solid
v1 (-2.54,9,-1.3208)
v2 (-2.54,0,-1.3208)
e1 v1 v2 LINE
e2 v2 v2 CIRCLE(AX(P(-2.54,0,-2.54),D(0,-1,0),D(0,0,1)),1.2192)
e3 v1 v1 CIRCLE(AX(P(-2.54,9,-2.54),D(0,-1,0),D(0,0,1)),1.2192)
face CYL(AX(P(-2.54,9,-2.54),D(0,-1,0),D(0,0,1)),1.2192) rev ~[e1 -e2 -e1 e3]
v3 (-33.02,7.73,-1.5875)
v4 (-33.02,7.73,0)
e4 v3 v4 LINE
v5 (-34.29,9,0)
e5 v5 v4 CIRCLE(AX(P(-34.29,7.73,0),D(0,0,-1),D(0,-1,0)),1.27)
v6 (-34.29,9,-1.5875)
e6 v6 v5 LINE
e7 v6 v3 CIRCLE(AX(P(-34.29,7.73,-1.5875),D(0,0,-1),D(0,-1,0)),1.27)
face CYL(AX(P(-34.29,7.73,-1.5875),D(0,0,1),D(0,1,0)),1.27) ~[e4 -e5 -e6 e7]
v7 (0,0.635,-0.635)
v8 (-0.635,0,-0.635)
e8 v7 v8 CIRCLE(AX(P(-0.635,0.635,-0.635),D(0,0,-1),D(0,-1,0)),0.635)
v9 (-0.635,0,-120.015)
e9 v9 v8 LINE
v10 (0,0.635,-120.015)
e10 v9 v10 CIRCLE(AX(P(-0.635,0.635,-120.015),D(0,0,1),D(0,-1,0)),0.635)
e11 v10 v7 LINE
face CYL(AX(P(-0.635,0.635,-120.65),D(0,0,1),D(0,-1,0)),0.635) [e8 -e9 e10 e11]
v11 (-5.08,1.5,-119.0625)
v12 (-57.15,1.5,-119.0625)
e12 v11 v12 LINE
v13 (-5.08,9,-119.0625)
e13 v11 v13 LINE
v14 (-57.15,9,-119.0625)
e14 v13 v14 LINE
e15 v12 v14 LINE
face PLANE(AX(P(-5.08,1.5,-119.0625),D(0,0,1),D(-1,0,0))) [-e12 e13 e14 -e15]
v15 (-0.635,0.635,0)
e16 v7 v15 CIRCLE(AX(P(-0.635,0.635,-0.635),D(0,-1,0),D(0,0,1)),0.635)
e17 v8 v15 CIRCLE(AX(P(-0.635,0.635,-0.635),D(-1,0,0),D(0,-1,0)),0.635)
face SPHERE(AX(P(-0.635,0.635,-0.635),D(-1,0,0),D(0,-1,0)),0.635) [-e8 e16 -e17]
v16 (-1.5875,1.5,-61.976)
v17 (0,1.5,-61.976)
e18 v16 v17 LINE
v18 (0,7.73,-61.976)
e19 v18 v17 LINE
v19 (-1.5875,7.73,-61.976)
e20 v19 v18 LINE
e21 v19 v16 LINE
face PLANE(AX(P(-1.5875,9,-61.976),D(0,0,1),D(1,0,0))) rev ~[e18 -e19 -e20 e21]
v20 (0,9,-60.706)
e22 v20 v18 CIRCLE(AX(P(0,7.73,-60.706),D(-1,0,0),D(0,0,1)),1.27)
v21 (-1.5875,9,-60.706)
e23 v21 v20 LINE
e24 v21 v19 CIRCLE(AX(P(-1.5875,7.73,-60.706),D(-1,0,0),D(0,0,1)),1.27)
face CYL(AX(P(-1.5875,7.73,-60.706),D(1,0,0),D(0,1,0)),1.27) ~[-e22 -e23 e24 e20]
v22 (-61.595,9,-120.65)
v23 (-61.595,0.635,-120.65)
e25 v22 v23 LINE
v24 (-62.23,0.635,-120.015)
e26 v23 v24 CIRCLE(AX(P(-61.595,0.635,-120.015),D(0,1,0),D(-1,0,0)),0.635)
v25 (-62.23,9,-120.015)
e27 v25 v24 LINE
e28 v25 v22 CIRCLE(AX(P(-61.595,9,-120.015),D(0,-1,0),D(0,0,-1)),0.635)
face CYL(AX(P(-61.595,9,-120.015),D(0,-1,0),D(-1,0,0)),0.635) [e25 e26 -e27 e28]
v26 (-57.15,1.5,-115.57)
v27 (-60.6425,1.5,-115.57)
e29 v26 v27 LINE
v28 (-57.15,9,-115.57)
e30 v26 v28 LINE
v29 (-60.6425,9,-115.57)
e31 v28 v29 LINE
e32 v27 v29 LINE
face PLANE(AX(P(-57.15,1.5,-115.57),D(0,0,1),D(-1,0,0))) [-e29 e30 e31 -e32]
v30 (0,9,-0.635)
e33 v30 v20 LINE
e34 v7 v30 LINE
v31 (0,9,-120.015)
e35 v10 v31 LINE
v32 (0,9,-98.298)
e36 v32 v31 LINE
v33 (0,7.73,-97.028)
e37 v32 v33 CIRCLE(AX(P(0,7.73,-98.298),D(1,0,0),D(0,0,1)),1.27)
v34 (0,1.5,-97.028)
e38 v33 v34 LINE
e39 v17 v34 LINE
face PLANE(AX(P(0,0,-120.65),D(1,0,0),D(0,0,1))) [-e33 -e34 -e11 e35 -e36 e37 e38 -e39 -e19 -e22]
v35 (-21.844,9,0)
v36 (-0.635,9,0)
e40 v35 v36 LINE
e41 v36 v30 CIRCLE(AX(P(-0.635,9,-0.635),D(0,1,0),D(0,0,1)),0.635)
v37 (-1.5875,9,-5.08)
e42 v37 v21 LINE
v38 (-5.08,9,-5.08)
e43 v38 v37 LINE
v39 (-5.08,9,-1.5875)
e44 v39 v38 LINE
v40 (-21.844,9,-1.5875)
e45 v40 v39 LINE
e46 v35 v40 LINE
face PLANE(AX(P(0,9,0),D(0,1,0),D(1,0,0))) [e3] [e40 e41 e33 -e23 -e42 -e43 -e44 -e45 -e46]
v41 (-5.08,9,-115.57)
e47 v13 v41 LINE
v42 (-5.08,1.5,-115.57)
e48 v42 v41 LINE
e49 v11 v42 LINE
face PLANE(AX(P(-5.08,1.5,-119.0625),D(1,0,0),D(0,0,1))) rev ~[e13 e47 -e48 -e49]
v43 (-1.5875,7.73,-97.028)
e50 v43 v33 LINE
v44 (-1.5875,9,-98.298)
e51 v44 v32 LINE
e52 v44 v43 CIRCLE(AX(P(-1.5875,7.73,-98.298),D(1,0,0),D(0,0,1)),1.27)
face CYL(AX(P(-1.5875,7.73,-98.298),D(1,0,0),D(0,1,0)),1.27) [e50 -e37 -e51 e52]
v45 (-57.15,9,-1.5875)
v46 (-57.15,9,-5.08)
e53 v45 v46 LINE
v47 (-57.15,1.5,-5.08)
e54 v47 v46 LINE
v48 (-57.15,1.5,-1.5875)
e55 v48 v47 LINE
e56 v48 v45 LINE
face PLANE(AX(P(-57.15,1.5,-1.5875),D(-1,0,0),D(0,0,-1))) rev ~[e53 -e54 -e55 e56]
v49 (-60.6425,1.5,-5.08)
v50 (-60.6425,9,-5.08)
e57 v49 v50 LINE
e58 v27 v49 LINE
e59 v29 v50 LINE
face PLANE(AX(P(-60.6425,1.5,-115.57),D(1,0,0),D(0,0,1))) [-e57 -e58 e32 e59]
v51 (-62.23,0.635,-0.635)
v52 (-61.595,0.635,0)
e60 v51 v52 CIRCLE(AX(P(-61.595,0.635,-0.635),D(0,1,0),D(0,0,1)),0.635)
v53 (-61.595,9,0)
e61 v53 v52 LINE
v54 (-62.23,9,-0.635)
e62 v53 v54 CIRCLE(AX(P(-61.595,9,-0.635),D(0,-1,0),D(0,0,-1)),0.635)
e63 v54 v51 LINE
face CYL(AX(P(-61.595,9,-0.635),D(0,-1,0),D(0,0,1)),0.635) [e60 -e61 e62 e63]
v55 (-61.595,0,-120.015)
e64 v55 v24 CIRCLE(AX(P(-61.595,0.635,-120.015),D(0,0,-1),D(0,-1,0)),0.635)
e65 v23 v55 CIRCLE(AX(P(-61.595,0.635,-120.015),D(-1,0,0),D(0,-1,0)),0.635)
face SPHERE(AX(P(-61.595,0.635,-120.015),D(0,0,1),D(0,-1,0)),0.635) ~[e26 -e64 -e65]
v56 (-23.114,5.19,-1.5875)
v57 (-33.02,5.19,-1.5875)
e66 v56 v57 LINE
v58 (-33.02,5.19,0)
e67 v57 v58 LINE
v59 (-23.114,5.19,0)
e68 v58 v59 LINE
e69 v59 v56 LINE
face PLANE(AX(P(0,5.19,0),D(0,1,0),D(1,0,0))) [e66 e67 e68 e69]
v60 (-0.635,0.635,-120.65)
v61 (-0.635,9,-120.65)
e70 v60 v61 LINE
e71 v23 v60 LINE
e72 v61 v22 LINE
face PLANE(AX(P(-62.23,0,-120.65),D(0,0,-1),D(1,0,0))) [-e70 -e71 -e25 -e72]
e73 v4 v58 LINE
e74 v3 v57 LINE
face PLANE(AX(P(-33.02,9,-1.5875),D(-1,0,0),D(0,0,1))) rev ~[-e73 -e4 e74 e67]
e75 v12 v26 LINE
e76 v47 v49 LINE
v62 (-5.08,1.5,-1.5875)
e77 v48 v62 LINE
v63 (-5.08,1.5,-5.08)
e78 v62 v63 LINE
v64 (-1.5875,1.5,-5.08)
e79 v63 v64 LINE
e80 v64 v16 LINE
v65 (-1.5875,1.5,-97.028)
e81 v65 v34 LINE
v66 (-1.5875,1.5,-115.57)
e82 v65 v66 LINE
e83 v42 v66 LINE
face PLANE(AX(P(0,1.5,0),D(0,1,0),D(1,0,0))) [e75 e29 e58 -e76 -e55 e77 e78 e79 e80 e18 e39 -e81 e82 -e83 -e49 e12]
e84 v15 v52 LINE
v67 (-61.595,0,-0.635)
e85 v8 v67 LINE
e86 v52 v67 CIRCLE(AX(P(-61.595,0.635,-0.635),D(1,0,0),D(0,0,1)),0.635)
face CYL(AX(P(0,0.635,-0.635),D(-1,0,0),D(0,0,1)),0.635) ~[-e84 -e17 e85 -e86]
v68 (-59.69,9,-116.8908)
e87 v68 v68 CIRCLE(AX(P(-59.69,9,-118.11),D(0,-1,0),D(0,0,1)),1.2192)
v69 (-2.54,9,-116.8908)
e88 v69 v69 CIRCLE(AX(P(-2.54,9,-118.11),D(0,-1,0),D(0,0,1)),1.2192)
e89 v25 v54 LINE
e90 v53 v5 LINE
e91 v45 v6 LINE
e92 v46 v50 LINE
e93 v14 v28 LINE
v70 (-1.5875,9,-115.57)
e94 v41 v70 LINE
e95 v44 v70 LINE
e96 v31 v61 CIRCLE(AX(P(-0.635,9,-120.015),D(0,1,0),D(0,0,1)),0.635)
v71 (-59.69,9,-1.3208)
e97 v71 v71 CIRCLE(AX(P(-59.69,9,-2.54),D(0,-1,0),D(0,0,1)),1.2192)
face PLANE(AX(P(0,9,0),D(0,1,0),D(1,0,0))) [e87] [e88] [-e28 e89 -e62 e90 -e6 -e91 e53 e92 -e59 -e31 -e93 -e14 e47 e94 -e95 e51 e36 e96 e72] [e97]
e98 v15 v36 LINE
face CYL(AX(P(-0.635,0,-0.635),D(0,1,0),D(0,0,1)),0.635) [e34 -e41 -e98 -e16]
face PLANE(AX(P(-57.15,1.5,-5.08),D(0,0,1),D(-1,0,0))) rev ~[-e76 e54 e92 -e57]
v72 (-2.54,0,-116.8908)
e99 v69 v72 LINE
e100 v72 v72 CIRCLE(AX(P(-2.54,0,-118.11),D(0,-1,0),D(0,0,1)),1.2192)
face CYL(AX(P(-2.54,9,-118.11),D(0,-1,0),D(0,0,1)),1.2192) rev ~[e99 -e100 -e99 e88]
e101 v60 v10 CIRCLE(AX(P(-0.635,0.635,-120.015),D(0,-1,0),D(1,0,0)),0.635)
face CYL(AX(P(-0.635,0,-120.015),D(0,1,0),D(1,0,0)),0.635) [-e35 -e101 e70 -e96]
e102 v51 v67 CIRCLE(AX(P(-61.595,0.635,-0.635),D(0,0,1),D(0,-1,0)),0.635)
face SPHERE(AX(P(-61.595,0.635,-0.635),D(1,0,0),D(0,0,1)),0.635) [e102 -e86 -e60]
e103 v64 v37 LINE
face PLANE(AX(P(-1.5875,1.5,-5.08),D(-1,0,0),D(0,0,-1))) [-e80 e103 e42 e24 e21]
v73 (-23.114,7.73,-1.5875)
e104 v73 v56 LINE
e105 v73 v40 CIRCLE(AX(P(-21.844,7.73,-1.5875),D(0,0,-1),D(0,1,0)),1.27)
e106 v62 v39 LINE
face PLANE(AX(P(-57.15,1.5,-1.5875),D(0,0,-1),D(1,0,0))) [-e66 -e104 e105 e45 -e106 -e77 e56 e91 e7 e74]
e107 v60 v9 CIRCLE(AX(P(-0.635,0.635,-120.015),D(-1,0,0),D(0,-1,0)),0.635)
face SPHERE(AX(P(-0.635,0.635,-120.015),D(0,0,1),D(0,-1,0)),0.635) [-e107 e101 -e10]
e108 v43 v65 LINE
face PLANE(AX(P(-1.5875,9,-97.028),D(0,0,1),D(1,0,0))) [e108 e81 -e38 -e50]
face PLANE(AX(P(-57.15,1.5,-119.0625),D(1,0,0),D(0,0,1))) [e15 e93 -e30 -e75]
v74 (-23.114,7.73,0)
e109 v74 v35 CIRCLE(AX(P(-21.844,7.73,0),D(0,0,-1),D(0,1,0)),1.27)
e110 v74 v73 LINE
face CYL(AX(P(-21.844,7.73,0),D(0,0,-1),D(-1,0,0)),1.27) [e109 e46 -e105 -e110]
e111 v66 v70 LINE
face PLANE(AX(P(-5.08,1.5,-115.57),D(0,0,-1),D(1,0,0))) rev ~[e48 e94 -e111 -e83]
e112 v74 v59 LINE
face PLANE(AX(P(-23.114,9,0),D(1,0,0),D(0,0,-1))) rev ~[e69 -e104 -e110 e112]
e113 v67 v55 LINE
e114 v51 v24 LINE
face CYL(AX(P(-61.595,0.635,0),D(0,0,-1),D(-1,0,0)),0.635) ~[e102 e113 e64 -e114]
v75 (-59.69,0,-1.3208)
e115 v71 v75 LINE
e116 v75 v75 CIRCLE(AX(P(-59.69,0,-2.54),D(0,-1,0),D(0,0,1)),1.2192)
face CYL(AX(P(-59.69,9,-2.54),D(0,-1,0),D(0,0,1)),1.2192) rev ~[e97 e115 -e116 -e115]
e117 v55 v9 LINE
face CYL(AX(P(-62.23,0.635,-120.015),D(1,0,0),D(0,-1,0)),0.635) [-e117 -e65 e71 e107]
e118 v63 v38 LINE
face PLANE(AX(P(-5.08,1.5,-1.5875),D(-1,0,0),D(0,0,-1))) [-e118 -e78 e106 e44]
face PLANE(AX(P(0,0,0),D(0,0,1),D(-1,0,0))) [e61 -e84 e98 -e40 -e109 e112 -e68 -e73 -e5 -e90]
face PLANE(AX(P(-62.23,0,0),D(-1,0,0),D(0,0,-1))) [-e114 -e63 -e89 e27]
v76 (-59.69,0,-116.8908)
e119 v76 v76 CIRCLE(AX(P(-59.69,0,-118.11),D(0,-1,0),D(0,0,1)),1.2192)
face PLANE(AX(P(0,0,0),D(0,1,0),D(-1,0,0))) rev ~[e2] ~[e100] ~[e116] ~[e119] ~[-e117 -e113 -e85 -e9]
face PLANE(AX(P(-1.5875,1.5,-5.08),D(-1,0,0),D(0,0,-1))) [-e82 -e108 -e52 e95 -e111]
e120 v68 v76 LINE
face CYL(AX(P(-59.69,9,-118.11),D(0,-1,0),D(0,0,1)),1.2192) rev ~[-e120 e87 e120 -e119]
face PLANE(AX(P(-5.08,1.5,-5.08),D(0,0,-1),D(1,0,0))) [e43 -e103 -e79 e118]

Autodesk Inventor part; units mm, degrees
ref_plane "YZ Plane" through (0, 0, 0) normal (1, 0, 0) x (0, 1, 0)
ref_plane "XZ Plane" through (0, 0, 0) normal (0, 1, 0) x (-1, 0, 0)
ref_plane "XY Plane" through (0, 0, 0) normal (0, 0, 1) x (1, 0, 0)
sketch "Sketch1" plane through (0, 0, 0) normal (0, 1, 0) x (-1, 0, 0)
  line L0 (0, 0) -> (62.23, 0)
  line L1 (62.23, 0) -> (62.23, -120.65)
  line L2 (62.23, -120.65) -> (0, -120.65)
  line L3 (0, -120.65) -> (0, 0)
  dimension "d0" = 62.23
  dimension "d1" = 120.65
extrude "Extrusion1" add sketch "Sketch1" along normal blind 1.5
sketch "Sketch2" plane through (0, 1.5, 0) normal (0, 1, 0) x (1, 0, 0)
  line L0 (-60.6425, 1.5875) -> (-1.5875, 1.5875)
  line L1 (-1.5875, 1.5875) -> (-1.5875, 119.0625)
  line L2 (-1.5875, 119.0625) -> (-60.6425, 119.0625)
  line L3 (-60.6425, 119.0625) -> (-60.6425, 1.5875)
  line L4 (-62.23, 0) -> (0, 0) projected
  line L5 (0, 0) -> (0, 120.65) projected
  line L6 (-62.23, 120.65) -> (-62.23, 0) projected
  line L7 (0, 120.65) -> (-62.23, 120.65) projected
  line L8 (0, 0) -> (-5.08, 0)
  line L9 (-5.08, 0) -> (-5.08, 5.08)
  line L10 (-5.08, 5.08) -> (0, 5.08)
  line L11 (0, 5.08) -> (0, 0)
  line L12 (-62.23, 0) -> (-57.15, 0)
  line L13 (-57.15, 0) -> (-57.15, 5.08)
  line L14 (-57.15, 5.08) -> (-62.23, 5.08)
  line L15 (-62.23, 5.08) -> (-62.23, 0)
  line L16 (0, 120.65) -> (-5.08, 120.65)
  line L17 (-5.08, 120.65) -> (-5.08, 115.57)
  line L18 (-5.08, 115.57) -> (0, 115.57)
  line L19 (0, 115.57) -> (0, 120.65)
  line L20 (-62.23, 120.65) -> (-57.15, 120.65)
  line L21 (-57.15, 120.65) -> (-57.15, 115.57)
  line L22 (-57.15, 115.57) -> (-62.23, 115.57)
  line L23 (-62.23, 115.57) -> (-62.23, 120.65)
  point P0 (0, 115.57)
  point P1 (-1.5875, 115.57)
  point P2 (-1.5875, 5.08)
  point P3 (-5.08, 1.5875)
  point P4 (-57.15, 1.5875)
  point P5 (-60.6425, 5.08)
  point P6 (-5.08, 119.0625)
  point P7 (-60.6425, 115.57)
  point P8 (-57.15, 119.0625)
  dimension "d4" = 1.5875
  dimension "d5" = 1.5875
  dimension "d6" = 1.5875
  dimension "d7" = 1.5875
  dimension "d8" = 5.08
  dimension "d9" = 5.08
  dimension "d10" = 5.08
  dimension "d11" = 5.08
  dimension "d12" = 5.08
  dimension "d13" = 5.08
  dimension "d14" = 5.08
  dimension "d15" = 5.08
extrude "Extrusion3" add sketch "Sketch2" along normal blind 7.5 contours L3 L14 L13 L0 | L0 L13 L4 L6 L14 L3 | L0 L9 L4 L13 | L14 L6 L22 L3 | L9 L10 L1 L0 | L0 L1 L10 L5 L4 L9 | L22 L6 L7 L21 L2 L3 | L3 L2 L21 L22 | L1 L18 L5 L10 | L21 L7 L17 L2 | L18 L17 L2 L1 | L1 L2 L17 L7 L5 L18
sketch "Sketch3" plane through (0, 9, 0) normal (0, 1, 0) x (1, 0, 0)
  line L0 (-62.23, 0) -> (0, 0) projected
  line L1 (-33.02, 0) -> (-23.114, 0)
  line L2 (-23.114, 0) -> (-23.114, 1.5875)
  line L3 (-23.114, 1.5875) -> (-33.02, 1.5875)
  line L4 (-33.02, 1.5875) -> (-33.02, 0)
  line L5 (0, 0) -> (0, 120.65) projected
  line L6 (-62.23, 120.65) -> (-62.23, 0) projected
  line L7 (0, 120.65) -> (-62.23, 120.65) projected
  line L8 (-60.6425, 115.57) -> (-60.6425, 5.08) projected
  line L9 (-62.23, 60.325) -> (-60.6425, 60.325)
  line L10 (-60.6425, 60.325) -> (-60.6425, 98.425)
  line L11 (-60.6425, 98.425) -> (-62.23, 98.425)
  line L12 (-62.23, 98.425) -> (-62.23, 60.325)
  point P0 (-59.69, 2.54)
  point P1 (-59.69, 118.11)
  point P2 (-2.54, 118.11)
  point P3 (-2.54, 2.54)
  dimension "d20" = 23.114
  dimension "d22" = 2.54
  dimension "d23" = 2.54
  dimension "d24" = 2.54
  dimension "d25" = 2.54
  dimension "d26" = 2.54
  dimension "d27" = 2.54
  dimension "d28" = 2.54
  dimension "d29" = 2.54
  dimension "d47" = 60.325
  dimension "d48" = 22.225
  dimension "d59" = 33.02
extrude "Extrusion4" cut sketch "Sketch3" against normal blind 3.81 contours L4 L3 L2 L0
sketch "Sketch4" plane through (0, 9, 0) normal (0, 1, 0) x (1, 0, 0)
  line L0 (-23.114, 0) -> (0, 0) projected
  line L1 (0, 0) -> (0, 120.65) projected
  line L2 (-62.23, 0) -> (-33.02, 0) projected
  line L3 (-62.23, 120.65) -> (-62.23, 0) projected
  line L4 (0, 120.65) -> (-62.23, 120.65) projected
  point P0 (-2.54, 2.54)
  point P1 (-2.54, 118.11)
  point P2 (-59.69, 118.11)
  point P3 (-59.69, 2.54)
  dimension "d39" = 2.54
  dimension "d40" = 2.54
  dimension "d41" = 2.54
  dimension "d42" = 2.54
  dimension "d43" = 2.54
  dimension "d44" = 2.54
  dimension "d45" = 2.54
  dimension "d46" = 2.54
hole "Hole1" at (-2.54, 9, -2.54) at (-2.54, 9, -118.11) at (-59.69, 9, -118.11) at (-59.69, 9, -2.54) direction (0, -1, 0) diameter 2.4384 end through all clearance for "Socket Head Cap Screw" size "#2" standard "Ansi Unified Screw Threads"
sketch "Sketch5" plane through (0, 9, 0) normal (0, 1, 0) x (1, 0, 0)
  line L0 (-62.23, 91.65) -> (-60.6425, 91.65)
  line L1 (-60.6425, 5.08) -> (-60.6425, 115.57) projected
  line L2 (-62.23, 120.65) -> (-62.23, 0) projected
  line L3 (-62.23, 79) -> (-60.6425, 79)
  line L4 (-62.23, 84) -> (-60.6425, 84)
  line L5 (-62.23, 75) -> (-60.6425, 75)
  line L6 (-62.23, 62) -> (-60.6425, 62)
  line L7 (-62.23, 0) -> (-33.02, 0) projected
  line L8 (0, 120.65) -> (-62.23, 120.65) projected
  line L9 (-62.23, 96.65) -> (-60.6425, 96.65)
  line L10 (-1.5875, 115.57) -> (-1.5875, 5.08) projected
  line L11 (-1.5875, 61.976) -> (0, 61.976)
  line L12 (-1.5875, 97.028) -> (0, 97.028)
  line L13 (0, 0) -> (0, 120.65) projected
  line L14 (-23.114, 0) -> (0, 0) projected
  dimension "d49" = 62
  dimension "d50" = 75
  dimension "d51" = 79
  dimension "d52" = 5
  dimension "d53" = 29
  dimension "d54" = 5
  dimension "d60" = 61.976
  dimension "d61" = 97.028
extrude "Extrusion5" cut sketch "Sketch5" against normal up to surface (7.5 mm away) contours L13 L11 L10 L12
fillet "Fillet1" radius 1.27 4 edges at (-33.02, 9, -0.7938) (-23.114, 9, -0.7938) (-0.7938, 9, -61.976) (-0.7938, 9, -97.028)
fillet "Fillet2" radius 0.635 8 edges at (-31.115, 0, 0) (0, 0, -60.325) (0, 4.5, 0) (-62.23, 4.5, 0) (-62.23, 0, -60.325) (-31.115, 0, -120.65) (0, 4.5, -120.65) (-62.23, 4.5, -120.65)
equation "\"d4\" = d5"
equation "\"d6\" = d5"
equation "\"d7\" = d5"
equation "\"d10\" = d8"
equation "\"d11\" = d10"
equation "\"d12\" = d8"
equation "\"d13\" = d8"
equation "\"d14\" = d8"
equation "\"d15\" = d8"
equation "\"d24\" = d22"
equation "\"d25\" = d24"
equation "\"d26\" = d25"
equation "\"d27\" = d26"
equation "\"d28\" = d22"
equation "\"d29\" = d28"
equation "\"d40\" = d39"
equation "\"d41\" = d39"
equation "\"d42\" = d41"
equation "\"d43\" = d42"
equation "\"d44\" = d43"
equation "\"d45\" = d44"
equation "\"d46\" = d45"
properties part number "cover_bottom"
